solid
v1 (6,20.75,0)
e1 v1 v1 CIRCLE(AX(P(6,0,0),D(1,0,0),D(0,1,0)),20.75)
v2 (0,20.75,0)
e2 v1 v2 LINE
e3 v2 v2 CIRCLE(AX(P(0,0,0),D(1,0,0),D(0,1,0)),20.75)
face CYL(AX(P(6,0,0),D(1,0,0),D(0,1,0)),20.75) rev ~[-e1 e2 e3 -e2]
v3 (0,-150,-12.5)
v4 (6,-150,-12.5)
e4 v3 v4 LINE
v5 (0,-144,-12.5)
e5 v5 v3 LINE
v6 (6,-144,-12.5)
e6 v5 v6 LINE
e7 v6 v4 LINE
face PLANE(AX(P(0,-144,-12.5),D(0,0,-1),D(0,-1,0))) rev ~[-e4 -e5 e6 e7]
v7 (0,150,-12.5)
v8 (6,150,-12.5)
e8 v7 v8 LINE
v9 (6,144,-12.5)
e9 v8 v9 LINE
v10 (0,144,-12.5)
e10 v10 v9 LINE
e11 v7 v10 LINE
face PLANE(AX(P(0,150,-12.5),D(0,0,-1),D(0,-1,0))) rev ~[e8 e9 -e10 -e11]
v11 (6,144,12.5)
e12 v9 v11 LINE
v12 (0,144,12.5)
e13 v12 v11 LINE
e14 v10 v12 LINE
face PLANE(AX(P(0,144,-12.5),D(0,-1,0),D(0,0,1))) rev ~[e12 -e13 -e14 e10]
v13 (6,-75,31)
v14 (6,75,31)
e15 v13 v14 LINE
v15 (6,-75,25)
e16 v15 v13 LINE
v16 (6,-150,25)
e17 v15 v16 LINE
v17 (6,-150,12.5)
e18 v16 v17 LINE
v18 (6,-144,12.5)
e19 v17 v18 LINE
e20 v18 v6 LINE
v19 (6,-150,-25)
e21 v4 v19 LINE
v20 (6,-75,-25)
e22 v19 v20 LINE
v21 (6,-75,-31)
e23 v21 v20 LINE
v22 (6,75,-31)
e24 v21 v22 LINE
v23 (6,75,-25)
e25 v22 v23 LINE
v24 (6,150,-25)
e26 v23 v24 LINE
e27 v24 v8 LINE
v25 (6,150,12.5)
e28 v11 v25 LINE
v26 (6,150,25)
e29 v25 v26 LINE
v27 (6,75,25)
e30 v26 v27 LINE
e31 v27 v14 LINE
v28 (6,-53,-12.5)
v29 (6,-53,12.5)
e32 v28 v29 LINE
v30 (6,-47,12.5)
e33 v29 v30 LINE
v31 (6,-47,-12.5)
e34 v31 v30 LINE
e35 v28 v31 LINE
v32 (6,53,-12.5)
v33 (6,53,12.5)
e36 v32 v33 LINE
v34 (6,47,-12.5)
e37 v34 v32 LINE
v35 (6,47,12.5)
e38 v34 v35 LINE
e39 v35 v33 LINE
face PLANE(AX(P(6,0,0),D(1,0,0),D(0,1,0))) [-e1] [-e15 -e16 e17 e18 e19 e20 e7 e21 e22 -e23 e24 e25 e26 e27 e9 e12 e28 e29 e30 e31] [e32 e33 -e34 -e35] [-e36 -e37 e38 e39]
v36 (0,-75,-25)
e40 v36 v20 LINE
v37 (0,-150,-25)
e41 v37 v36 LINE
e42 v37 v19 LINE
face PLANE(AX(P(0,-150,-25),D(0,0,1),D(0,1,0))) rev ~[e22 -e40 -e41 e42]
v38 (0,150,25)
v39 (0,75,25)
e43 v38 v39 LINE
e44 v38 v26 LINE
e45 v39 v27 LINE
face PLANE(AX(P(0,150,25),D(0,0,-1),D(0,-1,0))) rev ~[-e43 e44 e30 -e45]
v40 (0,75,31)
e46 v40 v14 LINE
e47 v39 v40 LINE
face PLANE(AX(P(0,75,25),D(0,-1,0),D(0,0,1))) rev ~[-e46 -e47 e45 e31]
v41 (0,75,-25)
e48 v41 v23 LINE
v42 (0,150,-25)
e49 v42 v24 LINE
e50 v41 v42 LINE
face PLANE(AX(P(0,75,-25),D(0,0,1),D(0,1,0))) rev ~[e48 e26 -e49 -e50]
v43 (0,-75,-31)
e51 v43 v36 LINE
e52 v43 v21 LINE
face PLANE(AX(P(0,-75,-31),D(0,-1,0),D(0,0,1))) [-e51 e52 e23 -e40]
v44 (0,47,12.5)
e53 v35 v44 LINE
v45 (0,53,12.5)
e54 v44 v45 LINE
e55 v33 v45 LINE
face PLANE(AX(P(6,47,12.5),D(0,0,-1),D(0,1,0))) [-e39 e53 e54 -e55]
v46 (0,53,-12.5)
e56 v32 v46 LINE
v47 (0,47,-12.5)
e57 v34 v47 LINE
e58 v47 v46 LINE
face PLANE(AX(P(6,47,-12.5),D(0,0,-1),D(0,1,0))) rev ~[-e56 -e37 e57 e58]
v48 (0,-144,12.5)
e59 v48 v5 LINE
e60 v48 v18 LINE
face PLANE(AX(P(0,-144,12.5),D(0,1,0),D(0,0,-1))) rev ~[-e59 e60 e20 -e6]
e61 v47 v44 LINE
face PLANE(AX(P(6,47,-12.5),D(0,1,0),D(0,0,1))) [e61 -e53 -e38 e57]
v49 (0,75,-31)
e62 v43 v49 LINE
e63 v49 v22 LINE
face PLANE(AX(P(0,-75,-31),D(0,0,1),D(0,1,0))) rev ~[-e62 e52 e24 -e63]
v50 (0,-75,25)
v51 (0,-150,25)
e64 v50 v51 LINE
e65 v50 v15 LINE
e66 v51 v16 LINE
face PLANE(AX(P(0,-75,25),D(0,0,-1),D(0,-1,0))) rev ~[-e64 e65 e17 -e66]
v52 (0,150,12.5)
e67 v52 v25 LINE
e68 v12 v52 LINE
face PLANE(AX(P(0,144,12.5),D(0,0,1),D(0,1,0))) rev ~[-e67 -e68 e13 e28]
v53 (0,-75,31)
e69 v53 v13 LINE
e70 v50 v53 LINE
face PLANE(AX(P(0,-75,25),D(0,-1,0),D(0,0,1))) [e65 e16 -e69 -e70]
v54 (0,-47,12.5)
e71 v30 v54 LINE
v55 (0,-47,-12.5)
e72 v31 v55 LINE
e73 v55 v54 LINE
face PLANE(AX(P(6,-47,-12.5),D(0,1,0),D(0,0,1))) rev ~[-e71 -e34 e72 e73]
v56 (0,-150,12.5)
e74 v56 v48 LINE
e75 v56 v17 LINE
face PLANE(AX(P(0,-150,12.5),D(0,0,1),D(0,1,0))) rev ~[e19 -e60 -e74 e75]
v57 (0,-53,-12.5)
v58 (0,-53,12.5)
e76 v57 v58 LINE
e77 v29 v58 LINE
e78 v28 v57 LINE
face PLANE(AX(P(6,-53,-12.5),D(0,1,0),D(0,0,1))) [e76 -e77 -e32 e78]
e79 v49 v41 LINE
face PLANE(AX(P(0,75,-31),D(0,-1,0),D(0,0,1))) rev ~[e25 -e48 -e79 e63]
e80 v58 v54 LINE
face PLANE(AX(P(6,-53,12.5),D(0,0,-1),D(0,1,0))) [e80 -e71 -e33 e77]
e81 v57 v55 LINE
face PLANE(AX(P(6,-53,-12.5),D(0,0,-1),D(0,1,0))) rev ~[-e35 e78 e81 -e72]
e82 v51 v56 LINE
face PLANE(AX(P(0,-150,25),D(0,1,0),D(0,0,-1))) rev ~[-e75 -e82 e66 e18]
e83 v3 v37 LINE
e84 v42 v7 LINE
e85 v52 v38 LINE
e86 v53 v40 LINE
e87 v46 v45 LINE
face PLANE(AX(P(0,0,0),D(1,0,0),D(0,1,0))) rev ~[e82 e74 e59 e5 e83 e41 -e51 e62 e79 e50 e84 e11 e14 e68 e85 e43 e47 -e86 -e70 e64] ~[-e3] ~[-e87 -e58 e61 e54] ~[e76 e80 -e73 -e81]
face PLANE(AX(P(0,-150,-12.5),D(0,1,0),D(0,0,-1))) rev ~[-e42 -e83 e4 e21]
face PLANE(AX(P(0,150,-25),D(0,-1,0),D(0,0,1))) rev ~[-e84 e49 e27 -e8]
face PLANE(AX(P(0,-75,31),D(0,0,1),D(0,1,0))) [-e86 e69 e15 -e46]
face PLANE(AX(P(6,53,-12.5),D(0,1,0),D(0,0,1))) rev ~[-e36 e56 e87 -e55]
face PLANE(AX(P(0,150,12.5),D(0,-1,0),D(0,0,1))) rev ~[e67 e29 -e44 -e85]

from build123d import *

# Parameters (mm, degrees)
F0_W     = 150
F0_H     = 6
F1_DEPTH = 6
F2_R     = 20.75
F3_DEPTH = 6
F4_W     = 6
F4_H     = 25
F5_DEPTH = 6


with BuildPart() as f1:
    # F0 (on Right) → F1 (new body)
    with BuildSketch(Plane.YZ):
        Polygon((-75, 25), (-150, 25), (-150, 12.5), (-144, 12.5), (-144, -12.5), (-150, -12.5), (-150, -25), (-75, -25), (-75, -19), (75, -19), (75, -25), (150, -25), (150, -12.5), (144, -12.5), (144, 12.5), (150, 12.5), (150, 25), (75, 25), (75, 19), (-75, 19), align=None)
        with Locations((0, 28)):
            Rectangle(F0_W, F0_H)
        with Locations((0, 22)):
            Rectangle(F0_W, F0_H)
        with Locations((0, -28)):
            Rectangle(F0_W, F0_H)
        with Locations((0, -22)):
            Rectangle(F0_W, F0_H)
    extrude(amount=F1_DEPTH)

    # F2 (on face) → F3 (cut, through all)
    with BuildSketch(Plane.YZ.offset(6)):
        Circle(F2_R)
    extrude(amount=-F3_DEPTH, mode=Mode.SUBTRACT)

    # F4 (on face) → F5 (cut, through all)
    with BuildSketch(Plane.YZ.offset(6)):
        with Locations((-50, 0)):
            Rectangle(F4_W, F4_H)
        with Locations((50, 0)):
            Rectangle(F4_W, F4_H)
    extrude(amount=-F5_DEPTH, mode=Mode.SUBTRACT)


solid = f1.part
